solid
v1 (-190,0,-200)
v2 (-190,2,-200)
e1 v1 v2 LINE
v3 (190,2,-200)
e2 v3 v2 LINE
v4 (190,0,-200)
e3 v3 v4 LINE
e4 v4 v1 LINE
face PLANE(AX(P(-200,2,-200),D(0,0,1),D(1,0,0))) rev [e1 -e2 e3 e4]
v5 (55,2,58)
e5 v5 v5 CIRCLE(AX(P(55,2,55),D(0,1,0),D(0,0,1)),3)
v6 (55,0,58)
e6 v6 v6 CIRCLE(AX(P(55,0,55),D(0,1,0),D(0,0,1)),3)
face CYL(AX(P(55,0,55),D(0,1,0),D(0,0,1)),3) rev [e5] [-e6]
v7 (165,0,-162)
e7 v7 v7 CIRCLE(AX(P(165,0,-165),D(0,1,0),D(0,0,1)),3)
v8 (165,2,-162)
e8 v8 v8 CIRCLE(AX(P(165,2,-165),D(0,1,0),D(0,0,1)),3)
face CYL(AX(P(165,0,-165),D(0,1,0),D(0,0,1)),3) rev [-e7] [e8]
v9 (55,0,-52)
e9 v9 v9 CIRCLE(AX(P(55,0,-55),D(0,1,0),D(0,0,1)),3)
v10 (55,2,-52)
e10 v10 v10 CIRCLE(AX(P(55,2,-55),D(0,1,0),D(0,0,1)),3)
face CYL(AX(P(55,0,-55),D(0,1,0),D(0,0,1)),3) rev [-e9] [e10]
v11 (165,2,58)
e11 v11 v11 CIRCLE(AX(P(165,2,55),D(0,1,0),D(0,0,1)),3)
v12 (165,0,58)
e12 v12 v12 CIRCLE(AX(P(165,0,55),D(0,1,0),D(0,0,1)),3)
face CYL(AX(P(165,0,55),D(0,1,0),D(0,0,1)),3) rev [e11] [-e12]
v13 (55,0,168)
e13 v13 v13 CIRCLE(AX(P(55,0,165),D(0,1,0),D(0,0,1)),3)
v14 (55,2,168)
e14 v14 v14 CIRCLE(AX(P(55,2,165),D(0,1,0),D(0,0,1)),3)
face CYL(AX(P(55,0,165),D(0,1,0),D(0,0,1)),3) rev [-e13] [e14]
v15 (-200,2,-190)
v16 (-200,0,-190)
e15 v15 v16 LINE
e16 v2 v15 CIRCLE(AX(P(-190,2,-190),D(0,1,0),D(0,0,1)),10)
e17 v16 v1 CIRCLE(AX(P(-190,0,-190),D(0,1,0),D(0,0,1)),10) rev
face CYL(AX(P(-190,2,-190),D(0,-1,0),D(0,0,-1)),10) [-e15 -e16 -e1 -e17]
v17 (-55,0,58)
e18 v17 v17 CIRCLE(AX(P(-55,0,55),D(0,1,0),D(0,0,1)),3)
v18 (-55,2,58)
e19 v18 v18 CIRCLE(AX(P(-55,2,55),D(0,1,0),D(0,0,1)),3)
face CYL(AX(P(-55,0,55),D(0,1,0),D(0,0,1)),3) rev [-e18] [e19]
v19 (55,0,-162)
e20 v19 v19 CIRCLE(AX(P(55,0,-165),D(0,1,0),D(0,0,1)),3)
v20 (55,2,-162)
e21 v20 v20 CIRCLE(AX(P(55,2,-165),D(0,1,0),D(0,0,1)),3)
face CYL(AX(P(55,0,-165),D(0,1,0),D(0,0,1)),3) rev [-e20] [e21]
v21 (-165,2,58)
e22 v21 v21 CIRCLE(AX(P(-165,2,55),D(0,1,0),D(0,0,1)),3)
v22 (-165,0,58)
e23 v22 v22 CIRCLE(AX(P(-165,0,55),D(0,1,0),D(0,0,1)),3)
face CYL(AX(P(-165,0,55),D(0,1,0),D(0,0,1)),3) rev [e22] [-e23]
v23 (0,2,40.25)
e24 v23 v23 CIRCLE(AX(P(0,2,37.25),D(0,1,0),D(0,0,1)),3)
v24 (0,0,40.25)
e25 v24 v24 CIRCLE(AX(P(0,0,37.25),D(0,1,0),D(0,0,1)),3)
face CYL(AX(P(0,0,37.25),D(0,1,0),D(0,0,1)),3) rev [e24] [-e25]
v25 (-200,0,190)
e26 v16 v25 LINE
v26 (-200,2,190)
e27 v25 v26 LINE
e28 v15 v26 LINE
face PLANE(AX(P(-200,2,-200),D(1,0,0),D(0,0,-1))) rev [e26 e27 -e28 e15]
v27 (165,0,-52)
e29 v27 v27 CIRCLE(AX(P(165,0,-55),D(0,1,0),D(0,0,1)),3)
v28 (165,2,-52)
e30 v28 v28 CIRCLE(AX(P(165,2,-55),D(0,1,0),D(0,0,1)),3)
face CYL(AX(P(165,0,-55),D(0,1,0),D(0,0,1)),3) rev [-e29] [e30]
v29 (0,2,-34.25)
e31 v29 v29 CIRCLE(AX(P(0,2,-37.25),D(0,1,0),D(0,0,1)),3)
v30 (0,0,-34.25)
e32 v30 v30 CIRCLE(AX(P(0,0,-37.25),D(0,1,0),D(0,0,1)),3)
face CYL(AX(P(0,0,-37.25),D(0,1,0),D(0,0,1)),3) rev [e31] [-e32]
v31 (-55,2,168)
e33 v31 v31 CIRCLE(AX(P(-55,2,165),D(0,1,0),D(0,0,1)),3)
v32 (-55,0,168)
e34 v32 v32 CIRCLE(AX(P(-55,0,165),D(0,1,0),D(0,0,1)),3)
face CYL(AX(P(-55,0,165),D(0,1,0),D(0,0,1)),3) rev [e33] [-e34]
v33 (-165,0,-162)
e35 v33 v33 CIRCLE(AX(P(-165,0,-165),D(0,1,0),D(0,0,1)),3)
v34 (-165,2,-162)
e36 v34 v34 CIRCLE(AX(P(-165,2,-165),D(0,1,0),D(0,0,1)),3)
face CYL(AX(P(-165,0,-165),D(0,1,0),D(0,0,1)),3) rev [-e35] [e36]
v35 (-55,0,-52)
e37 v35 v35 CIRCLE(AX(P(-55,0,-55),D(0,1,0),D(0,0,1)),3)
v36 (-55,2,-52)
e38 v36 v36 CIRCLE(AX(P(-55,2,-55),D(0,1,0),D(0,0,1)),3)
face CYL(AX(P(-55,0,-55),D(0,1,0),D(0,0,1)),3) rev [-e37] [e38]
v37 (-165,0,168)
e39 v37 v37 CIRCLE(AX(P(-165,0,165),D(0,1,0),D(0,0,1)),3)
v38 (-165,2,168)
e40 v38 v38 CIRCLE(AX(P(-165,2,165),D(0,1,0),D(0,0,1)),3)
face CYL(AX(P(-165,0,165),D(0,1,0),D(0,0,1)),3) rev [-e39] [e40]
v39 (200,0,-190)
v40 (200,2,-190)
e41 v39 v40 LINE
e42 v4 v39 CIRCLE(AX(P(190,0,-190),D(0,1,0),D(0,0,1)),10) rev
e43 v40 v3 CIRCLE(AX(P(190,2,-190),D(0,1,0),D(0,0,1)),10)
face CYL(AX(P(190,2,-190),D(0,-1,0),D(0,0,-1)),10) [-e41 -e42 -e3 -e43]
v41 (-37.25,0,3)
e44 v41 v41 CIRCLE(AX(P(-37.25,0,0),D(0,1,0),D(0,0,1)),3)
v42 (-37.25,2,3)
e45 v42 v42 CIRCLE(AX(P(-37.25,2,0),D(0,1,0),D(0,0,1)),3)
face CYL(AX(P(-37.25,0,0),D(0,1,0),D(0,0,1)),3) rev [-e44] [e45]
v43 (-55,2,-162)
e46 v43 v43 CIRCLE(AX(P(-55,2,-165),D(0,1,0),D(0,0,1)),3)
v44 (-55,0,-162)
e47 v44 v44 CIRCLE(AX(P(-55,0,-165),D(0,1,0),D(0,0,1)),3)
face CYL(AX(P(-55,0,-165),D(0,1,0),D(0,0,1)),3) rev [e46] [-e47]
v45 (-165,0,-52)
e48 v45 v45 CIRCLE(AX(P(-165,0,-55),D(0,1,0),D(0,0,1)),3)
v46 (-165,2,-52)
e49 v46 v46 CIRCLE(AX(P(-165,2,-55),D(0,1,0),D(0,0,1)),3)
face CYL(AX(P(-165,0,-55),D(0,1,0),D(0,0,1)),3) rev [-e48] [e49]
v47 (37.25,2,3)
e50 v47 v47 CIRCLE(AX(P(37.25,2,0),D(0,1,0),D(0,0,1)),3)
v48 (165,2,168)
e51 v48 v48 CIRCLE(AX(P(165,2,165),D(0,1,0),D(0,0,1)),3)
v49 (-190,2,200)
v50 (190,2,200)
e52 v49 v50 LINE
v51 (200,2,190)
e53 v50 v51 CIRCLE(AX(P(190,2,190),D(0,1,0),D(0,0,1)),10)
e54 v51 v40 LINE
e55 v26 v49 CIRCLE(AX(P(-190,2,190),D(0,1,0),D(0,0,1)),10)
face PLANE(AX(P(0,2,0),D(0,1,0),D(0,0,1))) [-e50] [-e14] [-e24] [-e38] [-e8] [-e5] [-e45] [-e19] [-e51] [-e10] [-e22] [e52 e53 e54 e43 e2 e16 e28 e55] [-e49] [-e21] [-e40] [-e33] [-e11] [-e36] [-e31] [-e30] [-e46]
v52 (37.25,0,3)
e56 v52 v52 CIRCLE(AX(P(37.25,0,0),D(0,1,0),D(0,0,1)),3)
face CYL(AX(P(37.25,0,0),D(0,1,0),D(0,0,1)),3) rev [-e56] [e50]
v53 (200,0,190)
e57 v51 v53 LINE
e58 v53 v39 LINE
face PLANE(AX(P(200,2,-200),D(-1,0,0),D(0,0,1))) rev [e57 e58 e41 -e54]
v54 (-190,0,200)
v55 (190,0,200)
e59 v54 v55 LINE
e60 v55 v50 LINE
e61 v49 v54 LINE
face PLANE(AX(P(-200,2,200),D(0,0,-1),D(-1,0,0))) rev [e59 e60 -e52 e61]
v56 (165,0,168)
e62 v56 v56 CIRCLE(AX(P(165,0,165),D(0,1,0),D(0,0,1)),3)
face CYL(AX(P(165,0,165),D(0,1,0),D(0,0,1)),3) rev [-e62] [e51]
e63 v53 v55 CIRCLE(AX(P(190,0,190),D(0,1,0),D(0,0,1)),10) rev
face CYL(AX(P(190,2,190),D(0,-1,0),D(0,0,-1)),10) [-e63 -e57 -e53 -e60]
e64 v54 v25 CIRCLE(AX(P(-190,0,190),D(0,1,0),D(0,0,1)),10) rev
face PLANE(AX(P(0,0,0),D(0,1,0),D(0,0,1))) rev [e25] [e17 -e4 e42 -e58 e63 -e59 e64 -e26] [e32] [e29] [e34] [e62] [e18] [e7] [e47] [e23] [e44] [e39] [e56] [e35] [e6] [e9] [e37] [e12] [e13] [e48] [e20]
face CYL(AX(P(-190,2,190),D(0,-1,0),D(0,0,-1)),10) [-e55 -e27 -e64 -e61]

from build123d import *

# Parameters (mm, degrees)
SKETCH1_W           = 400
SKETCH1_H           = 400
BOSS_EXTRUDE1_DEPTH = 2
SKETCH3_R           = 3
CUT_EXTRUDE1_DEPTH  = 283.849783454
SKETCH4_R           = 3
CUT_EXTRUDE2_DEPTH  = 283.849783454
FILLET1_R           = 10


with BuildPart() as part:
    # Sketch1 → Boss-Extrude1 (new body)
    with BuildSketch(Plane(origin=(0, 0, 0), x_dir=(1, 0, 0), z_dir=(0, 1, 0))):
        Rectangle(SKETCH1_W, SKETCH1_H)
    extrude(amount=BOSS_EXTRUDE1_DEPTH)

    # Sketch3 → Cut-Extrude1 (cut, through all)
    with BuildSketch(Plane(origin=(0, 2, 0), x_dir=(1, 0, 0), z_dir=(0, 1, 0))):
        with Locations(Location((-37.25, 0, 0), (0, 0, 270))):
            Circle(SKETCH3_R)
        with Locations(Location((0, 37.25, 0), (0, 0, 270))):
            Circle(SKETCH3_R)
        with Locations(Location((37.25, 0, 0), (0, 0, 270))):
            Circle(SKETCH3_R)
        with Locations(Location((0, -37.25, 0), (0, 0, 270))):
            Circle(SKETCH3_R)
    extrude(amount=-CUT_EXTRUDE1_DEPTH, mode=Mode.SUBTRACT)

    # Sketch4 → Cut-Extrude2 (cut, through all)
    with BuildSketch(Plane(origin=(0, 2, 0), x_dir=(1, 0, 0), z_dir=(0, 1, 0))):
        with Locations(Location((-165, 165, 0), (0, 0, 270))):
            Circle(SKETCH4_R)
        with Locations(Location((-55, 165, 0), (0, 0, 270))):
            Circle(SKETCH4_R)
        with Locations(Location((55, 165, 0), (0, 0, 270))):
            Circle(SKETCH4_R)
        with Locations(Location((165, 165, 0), (0, 0, 270))):
            Circle(SKETCH4_R)
        with Locations(Location((-55, 55, 0), (0, 0, 270))):
            Circle(SKETCH4_R)
        with Locations(Location((55, 55, 0), (0, 0, 270))):
            Circle(SKETCH4_R)
        with Locations(Location((165, 55, 0), (0, 0, 270))):
            Circle(SKETCH4_R)
        with Locations(Location((-55, -55, 0), (0, 0, 270))):
            Circle(SKETCH4_R)
        with Locations(Location((55, -55, 0), (0, 0, 270))):
            Circle(SKETCH4_R)
        with Locations(Location((165, -55, 0), (0, 0, 270))):
            Circle(SKETCH4_R)
        with Locations(Location((-55, -165, 0), (0, 0, 270))):
            Circle(SKETCH4_R)
        with Locations(Location((55, -165, 0), (0, 0, 270))):
            Circle(SKETCH4_R)
        with Locations(Location((165, -165, 0), (0, 0, 270))):
            Circle(SKETCH4_R)
        with Locations(Location((-165, 55, 0), (0, 0, 270))):
            Circle(SKETCH4_R)
        with Locations(Location((-165, -55, 0), (0, 0, 270))):
            Circle(SKETCH4_R)
        with Locations(Location((-165, -165, 0), (0, 0, 270))):
            Circle(SKETCH4_R)
    extrude(amount=-CUT_EXTRUDE2_DEPTH, mode=Mode.SUBTRACT)

    # Fillet1
    fillet1_edges = [part.edges().sort_by_distance(p)[0] for p in [
        (200, 1, 200),
        (-200, 1, 200),
        (-200, 1, -200),
        (200, 1, -200),
    ]]
    fillet(fillet1_edges, radius=FILLET1_R)


solid = part.part
